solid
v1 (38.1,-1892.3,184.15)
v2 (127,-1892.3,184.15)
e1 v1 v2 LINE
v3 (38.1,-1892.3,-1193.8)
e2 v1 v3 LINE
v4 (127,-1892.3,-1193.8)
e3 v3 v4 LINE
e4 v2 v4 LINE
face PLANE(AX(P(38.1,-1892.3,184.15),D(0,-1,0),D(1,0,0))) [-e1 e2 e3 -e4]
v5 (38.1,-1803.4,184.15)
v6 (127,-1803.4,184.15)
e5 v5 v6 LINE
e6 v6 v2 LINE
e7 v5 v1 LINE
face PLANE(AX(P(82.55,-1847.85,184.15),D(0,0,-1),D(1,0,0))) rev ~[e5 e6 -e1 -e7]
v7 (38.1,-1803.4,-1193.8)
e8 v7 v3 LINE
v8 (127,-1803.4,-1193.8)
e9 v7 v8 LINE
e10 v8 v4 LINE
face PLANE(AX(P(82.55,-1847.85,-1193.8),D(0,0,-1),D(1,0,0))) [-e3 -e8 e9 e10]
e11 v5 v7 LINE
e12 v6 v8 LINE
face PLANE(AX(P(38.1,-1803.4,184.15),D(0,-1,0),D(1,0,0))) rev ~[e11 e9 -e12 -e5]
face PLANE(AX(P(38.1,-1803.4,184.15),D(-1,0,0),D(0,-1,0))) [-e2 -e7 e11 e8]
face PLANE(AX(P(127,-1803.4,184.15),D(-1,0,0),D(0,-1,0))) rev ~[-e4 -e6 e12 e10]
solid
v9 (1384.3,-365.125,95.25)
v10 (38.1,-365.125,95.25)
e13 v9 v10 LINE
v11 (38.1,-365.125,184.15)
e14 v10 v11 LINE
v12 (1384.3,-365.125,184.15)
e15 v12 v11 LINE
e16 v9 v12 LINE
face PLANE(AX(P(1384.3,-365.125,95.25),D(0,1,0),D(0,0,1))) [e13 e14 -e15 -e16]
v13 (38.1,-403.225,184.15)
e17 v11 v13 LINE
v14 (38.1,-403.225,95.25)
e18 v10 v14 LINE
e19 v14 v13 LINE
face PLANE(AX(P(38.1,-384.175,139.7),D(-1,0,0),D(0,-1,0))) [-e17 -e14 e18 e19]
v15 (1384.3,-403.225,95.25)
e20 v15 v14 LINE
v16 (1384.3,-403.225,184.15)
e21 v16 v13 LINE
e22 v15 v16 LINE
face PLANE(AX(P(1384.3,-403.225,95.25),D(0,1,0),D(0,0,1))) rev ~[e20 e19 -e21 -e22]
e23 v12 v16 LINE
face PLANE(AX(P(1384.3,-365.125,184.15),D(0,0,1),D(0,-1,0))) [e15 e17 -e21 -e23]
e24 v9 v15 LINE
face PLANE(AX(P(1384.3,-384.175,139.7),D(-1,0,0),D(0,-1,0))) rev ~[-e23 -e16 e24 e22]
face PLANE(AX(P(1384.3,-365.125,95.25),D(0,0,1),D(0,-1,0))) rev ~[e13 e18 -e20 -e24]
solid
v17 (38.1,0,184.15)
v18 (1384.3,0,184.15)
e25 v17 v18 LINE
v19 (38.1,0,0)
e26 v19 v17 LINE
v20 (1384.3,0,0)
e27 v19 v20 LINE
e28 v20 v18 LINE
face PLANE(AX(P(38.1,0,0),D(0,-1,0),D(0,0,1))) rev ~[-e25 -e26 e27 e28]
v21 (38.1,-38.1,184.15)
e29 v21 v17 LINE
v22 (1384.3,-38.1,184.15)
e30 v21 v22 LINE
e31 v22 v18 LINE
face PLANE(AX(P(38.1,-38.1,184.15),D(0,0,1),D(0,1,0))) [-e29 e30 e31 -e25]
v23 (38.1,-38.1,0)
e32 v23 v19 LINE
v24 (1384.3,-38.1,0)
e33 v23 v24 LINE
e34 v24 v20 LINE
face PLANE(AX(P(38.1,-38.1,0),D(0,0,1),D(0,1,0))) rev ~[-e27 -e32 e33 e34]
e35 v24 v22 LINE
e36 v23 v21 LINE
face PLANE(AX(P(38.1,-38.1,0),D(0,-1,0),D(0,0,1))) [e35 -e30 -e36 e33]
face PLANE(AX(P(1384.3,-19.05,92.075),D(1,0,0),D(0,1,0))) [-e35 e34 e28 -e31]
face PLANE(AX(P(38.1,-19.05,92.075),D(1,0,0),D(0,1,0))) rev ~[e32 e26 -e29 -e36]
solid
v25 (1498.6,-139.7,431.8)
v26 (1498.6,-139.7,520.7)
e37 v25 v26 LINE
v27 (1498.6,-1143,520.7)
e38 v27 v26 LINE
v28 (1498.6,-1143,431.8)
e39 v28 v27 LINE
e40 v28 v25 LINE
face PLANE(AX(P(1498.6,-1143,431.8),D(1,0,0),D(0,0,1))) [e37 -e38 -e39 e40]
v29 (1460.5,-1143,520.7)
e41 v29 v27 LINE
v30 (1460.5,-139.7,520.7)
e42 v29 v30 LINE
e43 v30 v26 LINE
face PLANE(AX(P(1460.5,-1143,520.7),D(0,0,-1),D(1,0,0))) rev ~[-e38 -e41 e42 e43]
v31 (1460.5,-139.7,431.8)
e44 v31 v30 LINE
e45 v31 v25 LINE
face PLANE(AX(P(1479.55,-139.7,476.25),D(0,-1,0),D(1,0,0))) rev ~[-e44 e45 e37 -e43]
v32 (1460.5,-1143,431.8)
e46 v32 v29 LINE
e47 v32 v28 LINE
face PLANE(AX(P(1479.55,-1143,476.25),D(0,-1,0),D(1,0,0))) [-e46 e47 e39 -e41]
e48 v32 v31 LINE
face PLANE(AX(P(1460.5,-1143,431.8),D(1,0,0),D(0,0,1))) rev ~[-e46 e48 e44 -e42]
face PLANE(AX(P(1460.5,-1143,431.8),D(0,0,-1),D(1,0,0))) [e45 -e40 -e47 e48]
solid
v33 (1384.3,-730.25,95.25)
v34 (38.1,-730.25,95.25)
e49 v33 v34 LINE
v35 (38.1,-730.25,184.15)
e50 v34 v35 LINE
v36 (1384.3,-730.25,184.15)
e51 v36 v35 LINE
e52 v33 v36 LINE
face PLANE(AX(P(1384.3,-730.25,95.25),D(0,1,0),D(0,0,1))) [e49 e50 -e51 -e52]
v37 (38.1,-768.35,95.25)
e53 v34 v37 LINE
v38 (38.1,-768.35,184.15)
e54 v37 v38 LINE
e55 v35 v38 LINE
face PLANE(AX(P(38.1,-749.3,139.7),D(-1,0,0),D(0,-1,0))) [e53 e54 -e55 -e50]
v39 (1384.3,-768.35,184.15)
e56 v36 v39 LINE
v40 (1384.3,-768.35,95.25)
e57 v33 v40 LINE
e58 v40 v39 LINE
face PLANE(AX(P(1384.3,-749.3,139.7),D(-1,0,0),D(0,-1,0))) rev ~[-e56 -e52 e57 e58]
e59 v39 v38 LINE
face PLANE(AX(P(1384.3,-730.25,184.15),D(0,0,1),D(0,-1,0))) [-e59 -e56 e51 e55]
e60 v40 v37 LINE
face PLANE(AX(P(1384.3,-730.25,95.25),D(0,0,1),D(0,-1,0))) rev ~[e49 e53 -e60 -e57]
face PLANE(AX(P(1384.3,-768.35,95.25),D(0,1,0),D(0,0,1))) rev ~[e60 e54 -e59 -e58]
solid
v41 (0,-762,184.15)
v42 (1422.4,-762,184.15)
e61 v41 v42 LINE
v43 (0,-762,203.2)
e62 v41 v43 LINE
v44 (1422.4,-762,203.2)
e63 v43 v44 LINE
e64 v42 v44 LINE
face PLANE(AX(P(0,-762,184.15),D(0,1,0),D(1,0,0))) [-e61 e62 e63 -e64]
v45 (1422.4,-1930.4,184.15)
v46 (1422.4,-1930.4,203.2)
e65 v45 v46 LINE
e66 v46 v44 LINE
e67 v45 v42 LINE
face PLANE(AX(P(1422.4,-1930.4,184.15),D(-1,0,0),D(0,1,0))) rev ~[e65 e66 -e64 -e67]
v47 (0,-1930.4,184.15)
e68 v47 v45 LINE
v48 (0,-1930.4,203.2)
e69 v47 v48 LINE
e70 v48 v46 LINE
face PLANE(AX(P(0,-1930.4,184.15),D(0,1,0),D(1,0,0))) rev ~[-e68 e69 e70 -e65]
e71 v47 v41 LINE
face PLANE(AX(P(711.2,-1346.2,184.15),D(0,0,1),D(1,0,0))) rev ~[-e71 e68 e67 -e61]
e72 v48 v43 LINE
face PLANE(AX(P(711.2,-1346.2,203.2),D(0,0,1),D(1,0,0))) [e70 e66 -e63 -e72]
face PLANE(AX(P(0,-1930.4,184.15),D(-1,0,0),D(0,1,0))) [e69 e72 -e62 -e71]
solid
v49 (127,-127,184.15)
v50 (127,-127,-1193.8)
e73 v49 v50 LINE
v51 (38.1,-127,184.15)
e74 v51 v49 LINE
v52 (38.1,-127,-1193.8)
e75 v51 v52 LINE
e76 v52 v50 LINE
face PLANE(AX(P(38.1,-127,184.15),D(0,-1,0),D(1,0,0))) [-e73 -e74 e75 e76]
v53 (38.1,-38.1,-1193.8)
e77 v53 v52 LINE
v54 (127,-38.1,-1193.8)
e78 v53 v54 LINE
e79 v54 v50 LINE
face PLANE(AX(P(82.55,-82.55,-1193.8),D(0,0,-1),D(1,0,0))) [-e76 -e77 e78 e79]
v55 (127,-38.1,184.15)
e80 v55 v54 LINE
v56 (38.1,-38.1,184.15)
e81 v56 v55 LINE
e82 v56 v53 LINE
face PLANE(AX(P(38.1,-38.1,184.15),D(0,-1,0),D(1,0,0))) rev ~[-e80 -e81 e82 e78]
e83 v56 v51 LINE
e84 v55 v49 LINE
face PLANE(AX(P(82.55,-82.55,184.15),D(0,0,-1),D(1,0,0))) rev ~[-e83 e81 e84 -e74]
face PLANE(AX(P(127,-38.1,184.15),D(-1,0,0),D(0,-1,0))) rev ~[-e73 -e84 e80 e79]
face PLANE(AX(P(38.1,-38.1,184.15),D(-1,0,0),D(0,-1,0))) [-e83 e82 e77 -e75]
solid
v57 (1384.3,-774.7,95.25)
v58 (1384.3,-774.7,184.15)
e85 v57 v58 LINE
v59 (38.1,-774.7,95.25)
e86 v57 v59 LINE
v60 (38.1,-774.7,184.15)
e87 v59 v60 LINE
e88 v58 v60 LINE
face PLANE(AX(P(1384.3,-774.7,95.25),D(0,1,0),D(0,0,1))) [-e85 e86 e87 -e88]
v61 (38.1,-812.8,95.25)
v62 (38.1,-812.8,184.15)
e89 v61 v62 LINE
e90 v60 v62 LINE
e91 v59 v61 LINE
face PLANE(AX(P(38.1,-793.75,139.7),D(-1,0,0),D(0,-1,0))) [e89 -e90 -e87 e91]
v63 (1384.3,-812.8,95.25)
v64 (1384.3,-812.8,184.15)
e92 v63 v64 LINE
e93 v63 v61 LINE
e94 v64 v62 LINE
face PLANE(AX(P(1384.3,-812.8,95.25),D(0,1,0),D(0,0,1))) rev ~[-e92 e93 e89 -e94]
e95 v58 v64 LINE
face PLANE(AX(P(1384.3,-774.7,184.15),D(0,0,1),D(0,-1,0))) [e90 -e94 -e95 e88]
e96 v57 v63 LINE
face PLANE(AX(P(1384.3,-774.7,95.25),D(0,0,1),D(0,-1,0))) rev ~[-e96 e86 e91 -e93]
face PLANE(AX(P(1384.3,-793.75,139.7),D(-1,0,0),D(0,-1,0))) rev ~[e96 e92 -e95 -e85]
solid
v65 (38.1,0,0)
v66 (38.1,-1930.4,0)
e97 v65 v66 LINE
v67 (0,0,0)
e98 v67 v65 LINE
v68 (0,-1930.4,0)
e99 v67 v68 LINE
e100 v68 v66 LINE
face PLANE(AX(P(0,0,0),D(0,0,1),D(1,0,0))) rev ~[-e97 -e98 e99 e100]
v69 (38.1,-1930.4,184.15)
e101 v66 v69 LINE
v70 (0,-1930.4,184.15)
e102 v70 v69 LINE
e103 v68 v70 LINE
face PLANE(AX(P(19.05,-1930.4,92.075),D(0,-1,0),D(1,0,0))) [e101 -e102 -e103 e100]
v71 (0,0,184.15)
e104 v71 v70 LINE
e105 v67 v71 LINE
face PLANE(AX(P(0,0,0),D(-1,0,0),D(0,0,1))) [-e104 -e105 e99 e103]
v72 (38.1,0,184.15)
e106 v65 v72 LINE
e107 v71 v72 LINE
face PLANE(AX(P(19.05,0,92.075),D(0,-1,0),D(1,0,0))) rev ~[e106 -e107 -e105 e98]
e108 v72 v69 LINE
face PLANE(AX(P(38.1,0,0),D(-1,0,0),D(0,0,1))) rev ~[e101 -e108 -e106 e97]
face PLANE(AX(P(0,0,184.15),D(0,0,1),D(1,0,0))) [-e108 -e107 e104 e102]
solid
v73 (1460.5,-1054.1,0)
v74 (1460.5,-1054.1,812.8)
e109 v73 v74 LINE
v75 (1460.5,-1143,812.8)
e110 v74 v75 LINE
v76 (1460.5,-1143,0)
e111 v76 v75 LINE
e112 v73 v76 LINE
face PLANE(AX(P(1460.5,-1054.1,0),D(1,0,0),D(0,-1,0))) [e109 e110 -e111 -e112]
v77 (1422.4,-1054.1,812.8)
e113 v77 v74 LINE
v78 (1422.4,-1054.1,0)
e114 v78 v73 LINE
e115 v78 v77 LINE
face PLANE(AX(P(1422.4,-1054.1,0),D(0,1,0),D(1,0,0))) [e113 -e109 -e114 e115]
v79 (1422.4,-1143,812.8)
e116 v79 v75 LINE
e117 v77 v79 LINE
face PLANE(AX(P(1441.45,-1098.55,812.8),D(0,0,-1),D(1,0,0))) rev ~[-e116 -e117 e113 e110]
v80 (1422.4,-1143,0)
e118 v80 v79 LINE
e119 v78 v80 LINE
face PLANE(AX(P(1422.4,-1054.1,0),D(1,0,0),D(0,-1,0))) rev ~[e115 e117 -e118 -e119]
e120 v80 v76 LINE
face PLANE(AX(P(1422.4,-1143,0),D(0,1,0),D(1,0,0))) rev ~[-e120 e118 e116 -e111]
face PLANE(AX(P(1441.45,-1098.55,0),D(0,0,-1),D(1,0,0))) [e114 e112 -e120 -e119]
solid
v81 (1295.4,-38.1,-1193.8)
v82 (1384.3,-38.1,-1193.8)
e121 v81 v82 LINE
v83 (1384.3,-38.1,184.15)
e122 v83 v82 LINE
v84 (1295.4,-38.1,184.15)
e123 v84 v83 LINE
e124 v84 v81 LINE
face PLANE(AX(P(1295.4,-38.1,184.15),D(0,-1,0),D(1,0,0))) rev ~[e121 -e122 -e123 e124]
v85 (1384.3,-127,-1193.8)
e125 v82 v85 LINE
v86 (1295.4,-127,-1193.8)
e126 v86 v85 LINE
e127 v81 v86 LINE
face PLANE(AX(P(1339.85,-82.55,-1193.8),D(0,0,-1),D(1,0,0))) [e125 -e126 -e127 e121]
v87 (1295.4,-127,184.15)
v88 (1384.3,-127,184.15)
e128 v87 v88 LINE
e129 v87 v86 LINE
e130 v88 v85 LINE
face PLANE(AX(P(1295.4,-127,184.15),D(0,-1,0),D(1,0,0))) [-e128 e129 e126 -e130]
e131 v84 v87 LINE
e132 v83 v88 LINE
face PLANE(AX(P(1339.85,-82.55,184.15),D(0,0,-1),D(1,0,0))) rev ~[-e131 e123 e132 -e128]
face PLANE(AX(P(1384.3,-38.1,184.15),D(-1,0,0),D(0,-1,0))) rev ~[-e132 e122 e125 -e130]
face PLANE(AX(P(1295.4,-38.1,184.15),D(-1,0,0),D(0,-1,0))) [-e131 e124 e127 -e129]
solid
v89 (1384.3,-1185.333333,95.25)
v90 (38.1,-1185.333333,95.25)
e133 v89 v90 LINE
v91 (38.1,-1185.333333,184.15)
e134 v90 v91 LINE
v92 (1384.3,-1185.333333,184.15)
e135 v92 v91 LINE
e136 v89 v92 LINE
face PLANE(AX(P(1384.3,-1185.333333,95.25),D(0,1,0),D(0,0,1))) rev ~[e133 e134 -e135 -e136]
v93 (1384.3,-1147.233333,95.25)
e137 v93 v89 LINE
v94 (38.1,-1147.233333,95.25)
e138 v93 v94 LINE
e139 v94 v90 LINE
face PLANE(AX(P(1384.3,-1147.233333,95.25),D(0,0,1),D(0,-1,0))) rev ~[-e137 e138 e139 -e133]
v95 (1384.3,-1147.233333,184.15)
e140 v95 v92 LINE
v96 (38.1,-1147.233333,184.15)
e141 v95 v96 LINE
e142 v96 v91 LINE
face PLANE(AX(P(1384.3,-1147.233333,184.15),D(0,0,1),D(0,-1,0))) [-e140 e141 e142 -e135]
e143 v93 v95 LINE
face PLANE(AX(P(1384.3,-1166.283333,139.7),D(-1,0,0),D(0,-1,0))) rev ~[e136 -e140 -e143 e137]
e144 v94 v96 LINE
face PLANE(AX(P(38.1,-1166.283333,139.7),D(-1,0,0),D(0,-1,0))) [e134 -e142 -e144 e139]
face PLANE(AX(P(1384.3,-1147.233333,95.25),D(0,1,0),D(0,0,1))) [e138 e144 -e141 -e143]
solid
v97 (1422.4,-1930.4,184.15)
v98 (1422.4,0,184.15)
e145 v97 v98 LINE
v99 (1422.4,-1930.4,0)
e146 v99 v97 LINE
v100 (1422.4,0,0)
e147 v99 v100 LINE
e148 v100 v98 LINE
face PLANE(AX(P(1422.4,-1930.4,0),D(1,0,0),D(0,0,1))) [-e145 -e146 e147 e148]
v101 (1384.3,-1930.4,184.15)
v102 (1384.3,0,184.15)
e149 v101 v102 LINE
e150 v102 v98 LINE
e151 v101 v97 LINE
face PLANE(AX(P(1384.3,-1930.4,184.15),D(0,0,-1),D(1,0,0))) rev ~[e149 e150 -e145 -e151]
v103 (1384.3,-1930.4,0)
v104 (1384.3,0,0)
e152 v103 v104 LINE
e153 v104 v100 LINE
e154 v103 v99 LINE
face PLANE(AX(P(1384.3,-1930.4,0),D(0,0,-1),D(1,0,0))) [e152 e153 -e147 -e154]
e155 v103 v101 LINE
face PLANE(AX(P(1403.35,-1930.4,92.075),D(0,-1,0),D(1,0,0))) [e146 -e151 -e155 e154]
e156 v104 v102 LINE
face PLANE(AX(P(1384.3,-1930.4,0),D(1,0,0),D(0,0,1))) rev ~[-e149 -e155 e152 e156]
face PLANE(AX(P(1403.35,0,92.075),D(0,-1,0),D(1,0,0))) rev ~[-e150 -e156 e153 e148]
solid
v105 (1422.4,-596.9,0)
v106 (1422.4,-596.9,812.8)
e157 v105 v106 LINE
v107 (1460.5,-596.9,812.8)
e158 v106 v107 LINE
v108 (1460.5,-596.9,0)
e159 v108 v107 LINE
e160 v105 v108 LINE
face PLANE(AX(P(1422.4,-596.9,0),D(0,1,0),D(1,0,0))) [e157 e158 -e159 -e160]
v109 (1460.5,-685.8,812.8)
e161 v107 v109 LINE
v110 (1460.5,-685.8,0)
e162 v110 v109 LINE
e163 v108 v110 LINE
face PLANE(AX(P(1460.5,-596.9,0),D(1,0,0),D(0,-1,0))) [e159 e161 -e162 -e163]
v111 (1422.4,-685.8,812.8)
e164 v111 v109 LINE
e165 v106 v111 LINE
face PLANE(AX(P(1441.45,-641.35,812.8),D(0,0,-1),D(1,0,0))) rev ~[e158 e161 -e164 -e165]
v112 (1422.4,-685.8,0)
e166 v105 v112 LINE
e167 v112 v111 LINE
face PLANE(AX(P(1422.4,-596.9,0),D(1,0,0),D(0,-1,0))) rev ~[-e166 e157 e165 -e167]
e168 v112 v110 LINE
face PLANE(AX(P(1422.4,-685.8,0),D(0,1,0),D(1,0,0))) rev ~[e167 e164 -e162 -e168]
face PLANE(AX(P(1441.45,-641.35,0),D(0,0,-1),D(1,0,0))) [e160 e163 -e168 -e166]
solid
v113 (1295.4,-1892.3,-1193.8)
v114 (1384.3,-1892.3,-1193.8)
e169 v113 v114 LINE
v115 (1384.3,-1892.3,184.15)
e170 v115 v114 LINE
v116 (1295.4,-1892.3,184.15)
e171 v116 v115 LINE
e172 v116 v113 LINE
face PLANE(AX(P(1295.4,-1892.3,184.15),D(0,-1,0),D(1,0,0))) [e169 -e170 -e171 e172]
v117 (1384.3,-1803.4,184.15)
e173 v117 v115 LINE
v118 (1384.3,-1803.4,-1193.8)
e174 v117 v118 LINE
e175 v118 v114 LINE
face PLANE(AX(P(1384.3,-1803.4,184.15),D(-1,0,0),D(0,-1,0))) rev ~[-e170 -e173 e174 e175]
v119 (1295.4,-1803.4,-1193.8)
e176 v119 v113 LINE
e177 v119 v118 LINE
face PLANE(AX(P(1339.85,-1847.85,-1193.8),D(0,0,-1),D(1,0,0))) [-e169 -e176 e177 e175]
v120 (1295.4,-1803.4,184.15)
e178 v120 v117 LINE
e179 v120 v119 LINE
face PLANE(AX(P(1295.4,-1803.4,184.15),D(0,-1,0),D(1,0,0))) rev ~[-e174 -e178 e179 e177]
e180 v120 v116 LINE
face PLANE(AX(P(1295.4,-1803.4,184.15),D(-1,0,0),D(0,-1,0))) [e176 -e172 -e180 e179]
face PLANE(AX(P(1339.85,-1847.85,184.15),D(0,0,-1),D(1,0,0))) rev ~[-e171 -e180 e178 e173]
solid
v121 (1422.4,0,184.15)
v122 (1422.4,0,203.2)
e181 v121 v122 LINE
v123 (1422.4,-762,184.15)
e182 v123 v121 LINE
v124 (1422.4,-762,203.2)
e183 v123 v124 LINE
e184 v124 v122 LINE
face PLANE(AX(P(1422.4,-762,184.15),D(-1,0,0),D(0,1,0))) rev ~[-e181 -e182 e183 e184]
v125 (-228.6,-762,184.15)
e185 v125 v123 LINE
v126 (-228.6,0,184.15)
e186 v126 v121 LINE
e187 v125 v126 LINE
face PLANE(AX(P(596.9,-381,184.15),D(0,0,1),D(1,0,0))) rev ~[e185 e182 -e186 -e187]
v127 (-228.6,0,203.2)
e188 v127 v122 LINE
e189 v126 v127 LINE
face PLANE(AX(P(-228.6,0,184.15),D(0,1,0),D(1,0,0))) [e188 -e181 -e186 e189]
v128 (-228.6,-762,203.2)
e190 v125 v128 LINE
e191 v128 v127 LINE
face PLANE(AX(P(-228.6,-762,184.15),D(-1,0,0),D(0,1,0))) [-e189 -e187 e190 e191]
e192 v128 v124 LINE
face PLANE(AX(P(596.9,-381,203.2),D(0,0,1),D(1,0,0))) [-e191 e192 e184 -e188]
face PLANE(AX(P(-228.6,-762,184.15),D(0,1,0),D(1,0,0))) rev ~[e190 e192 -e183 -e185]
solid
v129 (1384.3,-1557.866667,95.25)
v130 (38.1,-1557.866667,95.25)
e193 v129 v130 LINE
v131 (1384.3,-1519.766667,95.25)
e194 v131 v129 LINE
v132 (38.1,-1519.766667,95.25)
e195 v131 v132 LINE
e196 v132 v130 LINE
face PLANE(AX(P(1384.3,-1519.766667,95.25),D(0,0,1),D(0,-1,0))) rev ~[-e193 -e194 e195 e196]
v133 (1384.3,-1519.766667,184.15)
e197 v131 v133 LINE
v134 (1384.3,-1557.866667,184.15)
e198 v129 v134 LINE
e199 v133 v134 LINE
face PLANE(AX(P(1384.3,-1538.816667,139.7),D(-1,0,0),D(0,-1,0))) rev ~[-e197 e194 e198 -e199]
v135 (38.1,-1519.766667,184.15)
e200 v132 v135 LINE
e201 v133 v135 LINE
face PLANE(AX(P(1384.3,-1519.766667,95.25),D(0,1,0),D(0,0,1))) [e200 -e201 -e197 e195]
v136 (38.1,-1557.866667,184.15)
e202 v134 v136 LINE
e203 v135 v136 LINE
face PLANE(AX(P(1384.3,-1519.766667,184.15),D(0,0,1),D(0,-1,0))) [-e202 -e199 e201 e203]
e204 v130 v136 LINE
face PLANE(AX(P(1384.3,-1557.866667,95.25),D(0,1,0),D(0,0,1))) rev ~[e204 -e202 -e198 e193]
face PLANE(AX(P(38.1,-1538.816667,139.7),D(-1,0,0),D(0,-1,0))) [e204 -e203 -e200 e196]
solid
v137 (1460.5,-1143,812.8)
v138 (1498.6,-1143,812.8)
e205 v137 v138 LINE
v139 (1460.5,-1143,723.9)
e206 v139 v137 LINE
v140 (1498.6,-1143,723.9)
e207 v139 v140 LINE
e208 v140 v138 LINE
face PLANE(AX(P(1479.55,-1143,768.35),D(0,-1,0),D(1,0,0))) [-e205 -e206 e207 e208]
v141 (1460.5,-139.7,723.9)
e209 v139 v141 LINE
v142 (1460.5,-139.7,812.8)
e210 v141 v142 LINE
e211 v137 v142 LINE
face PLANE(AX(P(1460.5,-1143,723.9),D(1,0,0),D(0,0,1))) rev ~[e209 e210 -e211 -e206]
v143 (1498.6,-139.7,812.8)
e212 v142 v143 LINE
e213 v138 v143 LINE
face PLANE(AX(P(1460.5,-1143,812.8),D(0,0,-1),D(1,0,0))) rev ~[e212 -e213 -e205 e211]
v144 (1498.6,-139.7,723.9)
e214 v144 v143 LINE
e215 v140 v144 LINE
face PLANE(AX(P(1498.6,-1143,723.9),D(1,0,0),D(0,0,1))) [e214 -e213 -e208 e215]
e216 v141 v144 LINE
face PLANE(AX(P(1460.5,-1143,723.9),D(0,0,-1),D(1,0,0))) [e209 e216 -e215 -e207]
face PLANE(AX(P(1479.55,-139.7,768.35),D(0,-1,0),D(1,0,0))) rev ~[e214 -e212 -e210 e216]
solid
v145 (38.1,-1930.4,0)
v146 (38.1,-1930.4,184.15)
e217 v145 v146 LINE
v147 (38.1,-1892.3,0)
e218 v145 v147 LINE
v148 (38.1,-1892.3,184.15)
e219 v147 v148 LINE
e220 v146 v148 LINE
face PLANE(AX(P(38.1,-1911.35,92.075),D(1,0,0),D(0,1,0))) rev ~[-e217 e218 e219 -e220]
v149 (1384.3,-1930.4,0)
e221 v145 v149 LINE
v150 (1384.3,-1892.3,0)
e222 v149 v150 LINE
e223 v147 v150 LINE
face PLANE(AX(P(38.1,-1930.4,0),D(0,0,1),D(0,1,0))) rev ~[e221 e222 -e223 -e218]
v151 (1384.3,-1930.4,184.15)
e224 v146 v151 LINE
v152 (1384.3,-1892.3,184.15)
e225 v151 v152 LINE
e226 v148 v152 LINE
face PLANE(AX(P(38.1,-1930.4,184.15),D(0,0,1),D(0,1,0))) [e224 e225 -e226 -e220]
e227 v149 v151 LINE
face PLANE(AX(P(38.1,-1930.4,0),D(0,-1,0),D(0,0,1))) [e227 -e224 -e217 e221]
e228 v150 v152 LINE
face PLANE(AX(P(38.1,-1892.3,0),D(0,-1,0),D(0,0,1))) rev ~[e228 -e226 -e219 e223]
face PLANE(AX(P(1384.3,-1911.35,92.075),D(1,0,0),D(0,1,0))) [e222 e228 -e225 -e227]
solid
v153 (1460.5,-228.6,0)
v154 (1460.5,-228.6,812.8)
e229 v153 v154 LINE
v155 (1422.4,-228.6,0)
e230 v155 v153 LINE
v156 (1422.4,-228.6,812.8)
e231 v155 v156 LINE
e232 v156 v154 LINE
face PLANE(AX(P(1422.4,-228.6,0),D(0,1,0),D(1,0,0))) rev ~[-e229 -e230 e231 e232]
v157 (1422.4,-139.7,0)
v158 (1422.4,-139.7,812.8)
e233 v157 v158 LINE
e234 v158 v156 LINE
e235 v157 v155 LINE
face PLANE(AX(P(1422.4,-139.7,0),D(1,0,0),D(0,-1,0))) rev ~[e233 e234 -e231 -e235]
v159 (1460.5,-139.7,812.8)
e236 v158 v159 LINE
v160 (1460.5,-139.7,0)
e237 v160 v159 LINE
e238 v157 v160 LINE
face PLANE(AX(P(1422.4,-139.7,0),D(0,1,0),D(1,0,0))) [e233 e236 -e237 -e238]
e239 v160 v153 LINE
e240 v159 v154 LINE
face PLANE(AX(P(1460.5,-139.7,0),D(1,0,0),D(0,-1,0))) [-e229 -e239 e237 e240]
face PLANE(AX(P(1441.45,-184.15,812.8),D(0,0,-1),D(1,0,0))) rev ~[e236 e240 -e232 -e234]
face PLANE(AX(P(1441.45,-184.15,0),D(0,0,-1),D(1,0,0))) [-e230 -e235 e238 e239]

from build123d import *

# Parameters (mm, degrees)
F0_W      = 38.1
F0_H      = 184.15
F1_DEPTH  = 1930.4
F2_W      = 38.1
F2_H      = 184.15
F3_DEPTH  = 1346.2
F4_W      = 38.1
F4_H      = 184.15
F5_DEPTH  = 1930.4
F6_W      = 38.1
F6_H      = 184.15
F7_DEPTH  = 1346.2
F8_W      = 38.1
F8_H      = 88.9
F9_DEPTH  = 1346.2
F10_W     = 1651
F10_H     = 762
F11_DEPTH = 19.05
F12_W     = 1422.4
F12_H     = 1168.4
F13_DEPTH = 19.05
F14_W     = 88.9
F14_H     = 88.9
F15_DEPTH = 1377.95
F16_W     = 38.1
F16_H     = 88.9
F17_DEPTH = 812.8
F18_W     = 38.1
F18_H     = 88.9
F19_DEPTH = 1003.3


with BuildPart() as f1:
    # F0 (on Front) → F1 (new body)
    with BuildSketch(Plane.XZ):
        with Locations((19.05, 92.075)):
            Rectangle(F0_W, F0_H)
    extrude(amount=F1_DEPTH)


with BuildPart() as f3:
    # F2 (on face) → F3 (new body)
    with BuildSketch(Plane.YZ.offset(38.1)):
        with Locations((-1911.35, 92.075)):
            Rectangle(F2_W, F2_H)
    extrude(amount=F3_DEPTH)


with BuildPart() as f5:
    # F4 (on face) → F5 (new body, through all)
    with BuildSketch(Plane.XZ.offset(1930.4)):
        with Locations((1403.35, 92.075)):
            Rectangle(F4_W, F4_H)
    extrude(amount=-F5_DEPTH)


with BuildPart() as f7:
    # F6 (on face) → F7 (new body, through all)
    with BuildSketch(Plane.YZ.offset(38.1)):
        with Locations((-19.05, 92.075)):
            Rectangle(F6_W, F6_H)
    extrude(amount=F7_DEPTH)


with BuildPart() as f9:
    # F8 (on face) → F9 (new body, through all)
    with BuildSketch(Plane(origin=(1384.3, 0, 0), x_dir=(0, -1, 0), z_dir=(-1, 0, 0))):
        with Locations((749.3, 139.7)):
            Rectangle(F8_W, F8_H)
        with Locations((793.75, 139.7)):
            Rectangle(F8_W, F8_H)
        with Locations((384.175, 139.7)):
            Rectangle(F8_W, F8_H)
        with Locations((1166.283333, 139.7)):
            Rectangle(F8_W, F8_H)
        with Locations((1538.816667, 139.7)):
            Rectangle(F8_W, F8_H)
    extrude(amount=F9_DEPTH)


with BuildPart() as f11:
    # F10 (on face) → F11 (new body)
    with BuildSketch(Plane.XY.offset(184.15)):
        with Locations((596.9, -381)):
            Rectangle(F10_W, F10_H)
    extrude(amount=F11_DEPTH)


with BuildPart() as f13:
    # F12 (on face) → F13 (new body, through all)
    with BuildSketch(Plane.XY.offset(184.15)):
        with Locations((711.2, -1346.2)):
            Rectangle(F12_W, F12_H)
    extrude(amount=F13_DEPTH)


with BuildPart() as f15:
    # F14 (on face) → F15 (new body)
    with BuildSketch(Plane(origin=(0, 0, 184.15), x_dir=(1, 0, 0), z_dir=(0, 0, -1))):
        with Locations((1339.85, 1847.85)):
            Rectangle(F14_W, F14_H)
        with Locations((82.55, 1847.85)):
            Rectangle(F14_W, F14_H)
        with Locations((82.55, 82.55)):
            Rectangle(F14_W, F14_H)
        with Locations((1339.85, 82.55)):
            Rectangle(F14_W, F14_H)
    extrude(amount=F15_DEPTH)


with BuildPart() as f17:
    # F16 (on face) → F17 (new body)
    with BuildSketch(Plane(origin=(0, 0, 0), x_dir=(1, 0, 0), z_dir=(0, 0, -1))):
        with Locations((1441.45, 1098.55)):
            Rectangle(F16_W, F16_H)
        with Locations((1441.45, 184.15)):
            Rectangle(F16_W, F16_H)
        with Locations((1441.45, 641.35)):
            Rectangle(F16_W, F16_H)
    extrude(amount=-F17_DEPTH)


with BuildPart() as f19:
    # F18 (on face) → F19 (new body, through all)
    with BuildSketch(Plane.XZ.offset(1143)):
        with Locations((1479.55, 768.35)):
            Rectangle(F18_W, F18_H)
        with Locations((1479.55, 476.25)):
            Rectangle(F18_W, F18_H)
    extrude(amount=-F19_DEPTH)


solid = Compound([f1.part, f3.part, f5.part, f7.part, f9.part, f11.part, f13.part, f15.part, f17.part, f19.part])
